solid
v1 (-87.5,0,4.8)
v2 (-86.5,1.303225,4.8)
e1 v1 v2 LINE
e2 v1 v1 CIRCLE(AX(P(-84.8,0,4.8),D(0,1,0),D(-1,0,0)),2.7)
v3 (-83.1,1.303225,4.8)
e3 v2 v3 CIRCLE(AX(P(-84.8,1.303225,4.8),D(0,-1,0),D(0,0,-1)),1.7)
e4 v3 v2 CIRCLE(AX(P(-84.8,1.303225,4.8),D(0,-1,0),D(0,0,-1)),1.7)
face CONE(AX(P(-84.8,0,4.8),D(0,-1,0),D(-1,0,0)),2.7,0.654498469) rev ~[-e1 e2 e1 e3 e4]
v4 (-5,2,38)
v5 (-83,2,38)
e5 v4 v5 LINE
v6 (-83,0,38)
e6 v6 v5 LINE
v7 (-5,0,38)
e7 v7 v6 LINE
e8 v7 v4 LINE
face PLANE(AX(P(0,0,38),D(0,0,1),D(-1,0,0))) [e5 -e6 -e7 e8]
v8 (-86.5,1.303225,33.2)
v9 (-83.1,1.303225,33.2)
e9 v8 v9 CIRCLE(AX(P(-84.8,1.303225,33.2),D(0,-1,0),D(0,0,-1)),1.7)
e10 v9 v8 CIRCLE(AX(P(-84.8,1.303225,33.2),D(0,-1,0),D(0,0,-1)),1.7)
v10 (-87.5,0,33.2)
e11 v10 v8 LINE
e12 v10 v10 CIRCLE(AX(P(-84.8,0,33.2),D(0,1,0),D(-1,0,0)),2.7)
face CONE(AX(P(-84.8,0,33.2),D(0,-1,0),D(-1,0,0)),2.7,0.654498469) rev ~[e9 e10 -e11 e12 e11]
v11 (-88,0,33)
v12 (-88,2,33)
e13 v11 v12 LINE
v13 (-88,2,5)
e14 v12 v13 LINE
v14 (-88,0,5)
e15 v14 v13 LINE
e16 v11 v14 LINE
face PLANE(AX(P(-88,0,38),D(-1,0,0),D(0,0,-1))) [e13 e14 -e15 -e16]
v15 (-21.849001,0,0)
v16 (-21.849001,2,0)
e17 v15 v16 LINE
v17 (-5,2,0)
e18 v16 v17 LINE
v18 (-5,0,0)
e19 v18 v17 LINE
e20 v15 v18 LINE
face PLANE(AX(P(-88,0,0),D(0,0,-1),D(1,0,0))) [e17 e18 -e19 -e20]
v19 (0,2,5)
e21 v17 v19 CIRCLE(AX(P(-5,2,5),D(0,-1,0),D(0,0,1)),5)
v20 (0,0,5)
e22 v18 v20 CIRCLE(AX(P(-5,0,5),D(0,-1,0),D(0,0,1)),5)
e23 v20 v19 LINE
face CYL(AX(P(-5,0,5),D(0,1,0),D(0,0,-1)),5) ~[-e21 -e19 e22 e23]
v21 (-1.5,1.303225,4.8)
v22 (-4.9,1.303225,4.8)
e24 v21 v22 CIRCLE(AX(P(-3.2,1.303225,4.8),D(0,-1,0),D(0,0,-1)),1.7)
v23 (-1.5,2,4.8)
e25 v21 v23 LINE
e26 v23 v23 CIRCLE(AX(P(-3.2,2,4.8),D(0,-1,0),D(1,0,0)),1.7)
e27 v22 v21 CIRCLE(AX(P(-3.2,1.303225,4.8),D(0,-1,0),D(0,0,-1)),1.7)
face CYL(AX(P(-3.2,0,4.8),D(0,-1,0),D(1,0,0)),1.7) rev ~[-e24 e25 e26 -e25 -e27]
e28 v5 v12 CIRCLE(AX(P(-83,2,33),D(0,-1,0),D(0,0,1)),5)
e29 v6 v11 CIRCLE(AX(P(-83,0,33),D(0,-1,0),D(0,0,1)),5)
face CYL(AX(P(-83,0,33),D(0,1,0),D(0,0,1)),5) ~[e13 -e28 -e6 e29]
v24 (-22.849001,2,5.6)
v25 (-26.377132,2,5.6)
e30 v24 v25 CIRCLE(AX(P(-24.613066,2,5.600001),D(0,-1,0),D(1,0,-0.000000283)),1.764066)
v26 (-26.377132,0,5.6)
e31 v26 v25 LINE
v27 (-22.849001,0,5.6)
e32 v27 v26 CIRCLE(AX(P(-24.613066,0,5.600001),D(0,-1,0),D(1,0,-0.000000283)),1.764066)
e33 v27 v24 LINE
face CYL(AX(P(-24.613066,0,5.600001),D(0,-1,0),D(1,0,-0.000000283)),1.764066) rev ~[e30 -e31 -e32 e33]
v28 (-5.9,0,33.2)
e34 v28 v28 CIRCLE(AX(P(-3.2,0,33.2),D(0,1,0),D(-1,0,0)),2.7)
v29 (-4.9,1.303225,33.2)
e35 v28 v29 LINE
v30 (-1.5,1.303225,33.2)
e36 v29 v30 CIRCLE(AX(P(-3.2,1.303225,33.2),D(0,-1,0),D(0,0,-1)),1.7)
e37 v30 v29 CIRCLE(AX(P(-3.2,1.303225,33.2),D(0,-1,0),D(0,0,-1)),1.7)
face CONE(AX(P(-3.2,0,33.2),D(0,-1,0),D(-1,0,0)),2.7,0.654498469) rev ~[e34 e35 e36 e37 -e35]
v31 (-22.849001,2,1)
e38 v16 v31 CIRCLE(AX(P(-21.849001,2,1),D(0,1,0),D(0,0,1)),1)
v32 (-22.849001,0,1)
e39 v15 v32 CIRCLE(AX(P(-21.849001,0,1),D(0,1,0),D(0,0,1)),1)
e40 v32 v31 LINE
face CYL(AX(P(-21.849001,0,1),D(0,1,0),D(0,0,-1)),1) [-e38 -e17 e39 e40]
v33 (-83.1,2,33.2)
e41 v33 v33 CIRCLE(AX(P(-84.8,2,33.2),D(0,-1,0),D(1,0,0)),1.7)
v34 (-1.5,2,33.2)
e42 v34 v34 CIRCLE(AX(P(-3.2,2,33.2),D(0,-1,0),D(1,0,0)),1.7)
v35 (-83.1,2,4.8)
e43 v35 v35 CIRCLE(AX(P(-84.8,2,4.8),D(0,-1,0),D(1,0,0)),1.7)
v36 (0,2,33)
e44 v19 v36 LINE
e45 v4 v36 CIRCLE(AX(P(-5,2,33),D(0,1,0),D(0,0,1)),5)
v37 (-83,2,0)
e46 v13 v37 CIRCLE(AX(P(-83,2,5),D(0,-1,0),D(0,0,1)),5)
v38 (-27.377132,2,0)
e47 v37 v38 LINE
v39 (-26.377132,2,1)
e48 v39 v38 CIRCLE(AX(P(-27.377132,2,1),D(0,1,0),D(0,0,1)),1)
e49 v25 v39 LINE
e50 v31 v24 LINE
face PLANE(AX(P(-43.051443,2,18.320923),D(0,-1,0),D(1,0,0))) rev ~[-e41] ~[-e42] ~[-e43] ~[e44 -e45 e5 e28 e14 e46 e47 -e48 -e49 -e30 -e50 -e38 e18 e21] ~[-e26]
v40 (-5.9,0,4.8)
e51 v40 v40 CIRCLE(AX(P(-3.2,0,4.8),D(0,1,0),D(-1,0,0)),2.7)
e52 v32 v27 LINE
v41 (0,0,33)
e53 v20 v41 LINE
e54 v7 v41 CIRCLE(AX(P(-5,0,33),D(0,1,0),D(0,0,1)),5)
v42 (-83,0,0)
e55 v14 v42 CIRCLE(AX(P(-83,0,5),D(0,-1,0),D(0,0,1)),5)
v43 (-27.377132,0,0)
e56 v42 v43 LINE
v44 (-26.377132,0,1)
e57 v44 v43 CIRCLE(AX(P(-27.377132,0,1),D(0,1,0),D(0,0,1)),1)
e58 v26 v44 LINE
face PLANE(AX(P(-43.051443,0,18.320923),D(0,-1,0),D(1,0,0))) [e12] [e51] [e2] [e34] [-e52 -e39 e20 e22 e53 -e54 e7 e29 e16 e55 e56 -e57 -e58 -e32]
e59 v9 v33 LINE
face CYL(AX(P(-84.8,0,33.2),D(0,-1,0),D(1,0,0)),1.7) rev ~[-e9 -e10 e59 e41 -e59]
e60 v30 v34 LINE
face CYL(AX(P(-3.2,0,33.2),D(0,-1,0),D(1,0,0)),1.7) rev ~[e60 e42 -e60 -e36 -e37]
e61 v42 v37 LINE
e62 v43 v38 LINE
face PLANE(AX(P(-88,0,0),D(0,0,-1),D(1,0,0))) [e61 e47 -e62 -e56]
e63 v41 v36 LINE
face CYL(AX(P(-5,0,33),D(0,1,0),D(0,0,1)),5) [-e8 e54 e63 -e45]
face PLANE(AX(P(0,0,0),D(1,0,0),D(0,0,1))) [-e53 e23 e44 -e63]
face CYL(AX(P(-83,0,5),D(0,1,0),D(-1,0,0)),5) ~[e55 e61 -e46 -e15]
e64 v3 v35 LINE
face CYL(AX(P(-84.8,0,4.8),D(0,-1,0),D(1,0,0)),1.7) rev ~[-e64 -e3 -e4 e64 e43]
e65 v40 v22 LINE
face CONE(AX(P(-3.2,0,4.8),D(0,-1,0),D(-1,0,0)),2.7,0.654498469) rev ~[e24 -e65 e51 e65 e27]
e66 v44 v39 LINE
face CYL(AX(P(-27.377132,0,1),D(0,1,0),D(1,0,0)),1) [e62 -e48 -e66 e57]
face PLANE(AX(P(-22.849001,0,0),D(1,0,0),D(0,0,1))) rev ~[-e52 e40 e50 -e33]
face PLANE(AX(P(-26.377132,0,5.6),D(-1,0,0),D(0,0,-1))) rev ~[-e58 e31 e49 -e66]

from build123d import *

# Parameters (mm, degrees)
F0_R           = 1.7
F1_DEPTH       = 2
F2_R           = 5
F3_D           = 3
F3_DEPTH       = 13.5
F3_CSINK_D     = 5.4
F3_CSINK_ANGLE = 75
F4_DEPTH       = 25
F5_R           = 1


with BuildPart() as f1:
    # F0 (on Front) → F1 (new body)
    with BuildSketch(Plane.XZ):
        with BuildLine():
            Line((0, 38), (-88, 38))
            Line((-88, 38), (-88, 0))
            Line((-88, 0), (-26.377132, 0))
            Line((-26.377132, 0), (-26.377132, 5.6))
            ThreePointArc((-26.377132, 5.6), (-24.613067, 7.364066), (-22.849001, 5.6))
            Line((-22.849001, 5.6), (-22.849001, 0))
            Line((-22.849001, 0), (0, 0))
            Line((0, 0), (0, 38))
        make_face()
        with Locations((-84.8, 4.8)):
            Circle(F0_R, mode=Mode.SUBTRACT)
        with Locations((-3.2, 4.8)):
            Circle(F0_R, mode=Mode.SUBTRACT)
        with Locations((-84.8, 33.2)):
            Circle(F0_R, mode=Mode.SUBTRACT)
        with Locations((-3.2, 33.2)):
            Circle(F0_R, mode=Mode.SUBTRACT)
        with BuildLine():
            Line((-26.377132, 5.6), (-26.377132, 0))
            Line((-26.377132, 0), (-22.849001, 0))
            Line((-22.849001, 0), (-22.849001, 5.6))
            ThreePointArc((-22.849001, 5.6), (-24.613067, 7.364066), (-26.377132, 5.6))
        make_face()
    extrude(amount=-F1_DEPTH)

    # F2
    f2_edges = [f1.edges().sort_by_distance(p)[0] for p in [
        (-88, 1, 38),
        (-88, 1, 0),
        (0, 1, 0),
        (0, 1, 38),
    ]]
    fillet(f2_edges, radius=F2_R)

    # F3
    with Locations(Plane.XZ):
        with Locations((-84.8, 4.8), (-84.8, 33.2), (-3.2, 4.8), (-3.2, 33.2)):
            CounterSinkHole(F3_D / 2, F3_CSINK_D / 2, depth=F3_DEPTH, counter_sink_angle=F3_CSINK_ANGLE)

    # F0 (on Front) → F4 (cut)
    with BuildSketch(Plane.XZ):
        with BuildLine():
            Line((-26.377132, 5.6), (-26.377132, 0))
            Line((-26.377132, 0), (-22.849001, 0))
            Line((-22.849001, 0), (-22.849001, 5.6))
            ThreePointArc((-22.849001, 5.6), (-24.613067, 7.364066), (-26.377132, 5.6))
        make_face()
    extrude(amount=-F4_DEPTH, mode=Mode.SUBTRACT)

    # F5
    f5_edges = [f1.edges().sort_by_distance(p)[0] for p in [
        (-26.377132, 1, 0),
        (-22.849001, 1, 0),
    ]]
    fillet(f5_edges, radius=F5_R)


solid = f1.part
